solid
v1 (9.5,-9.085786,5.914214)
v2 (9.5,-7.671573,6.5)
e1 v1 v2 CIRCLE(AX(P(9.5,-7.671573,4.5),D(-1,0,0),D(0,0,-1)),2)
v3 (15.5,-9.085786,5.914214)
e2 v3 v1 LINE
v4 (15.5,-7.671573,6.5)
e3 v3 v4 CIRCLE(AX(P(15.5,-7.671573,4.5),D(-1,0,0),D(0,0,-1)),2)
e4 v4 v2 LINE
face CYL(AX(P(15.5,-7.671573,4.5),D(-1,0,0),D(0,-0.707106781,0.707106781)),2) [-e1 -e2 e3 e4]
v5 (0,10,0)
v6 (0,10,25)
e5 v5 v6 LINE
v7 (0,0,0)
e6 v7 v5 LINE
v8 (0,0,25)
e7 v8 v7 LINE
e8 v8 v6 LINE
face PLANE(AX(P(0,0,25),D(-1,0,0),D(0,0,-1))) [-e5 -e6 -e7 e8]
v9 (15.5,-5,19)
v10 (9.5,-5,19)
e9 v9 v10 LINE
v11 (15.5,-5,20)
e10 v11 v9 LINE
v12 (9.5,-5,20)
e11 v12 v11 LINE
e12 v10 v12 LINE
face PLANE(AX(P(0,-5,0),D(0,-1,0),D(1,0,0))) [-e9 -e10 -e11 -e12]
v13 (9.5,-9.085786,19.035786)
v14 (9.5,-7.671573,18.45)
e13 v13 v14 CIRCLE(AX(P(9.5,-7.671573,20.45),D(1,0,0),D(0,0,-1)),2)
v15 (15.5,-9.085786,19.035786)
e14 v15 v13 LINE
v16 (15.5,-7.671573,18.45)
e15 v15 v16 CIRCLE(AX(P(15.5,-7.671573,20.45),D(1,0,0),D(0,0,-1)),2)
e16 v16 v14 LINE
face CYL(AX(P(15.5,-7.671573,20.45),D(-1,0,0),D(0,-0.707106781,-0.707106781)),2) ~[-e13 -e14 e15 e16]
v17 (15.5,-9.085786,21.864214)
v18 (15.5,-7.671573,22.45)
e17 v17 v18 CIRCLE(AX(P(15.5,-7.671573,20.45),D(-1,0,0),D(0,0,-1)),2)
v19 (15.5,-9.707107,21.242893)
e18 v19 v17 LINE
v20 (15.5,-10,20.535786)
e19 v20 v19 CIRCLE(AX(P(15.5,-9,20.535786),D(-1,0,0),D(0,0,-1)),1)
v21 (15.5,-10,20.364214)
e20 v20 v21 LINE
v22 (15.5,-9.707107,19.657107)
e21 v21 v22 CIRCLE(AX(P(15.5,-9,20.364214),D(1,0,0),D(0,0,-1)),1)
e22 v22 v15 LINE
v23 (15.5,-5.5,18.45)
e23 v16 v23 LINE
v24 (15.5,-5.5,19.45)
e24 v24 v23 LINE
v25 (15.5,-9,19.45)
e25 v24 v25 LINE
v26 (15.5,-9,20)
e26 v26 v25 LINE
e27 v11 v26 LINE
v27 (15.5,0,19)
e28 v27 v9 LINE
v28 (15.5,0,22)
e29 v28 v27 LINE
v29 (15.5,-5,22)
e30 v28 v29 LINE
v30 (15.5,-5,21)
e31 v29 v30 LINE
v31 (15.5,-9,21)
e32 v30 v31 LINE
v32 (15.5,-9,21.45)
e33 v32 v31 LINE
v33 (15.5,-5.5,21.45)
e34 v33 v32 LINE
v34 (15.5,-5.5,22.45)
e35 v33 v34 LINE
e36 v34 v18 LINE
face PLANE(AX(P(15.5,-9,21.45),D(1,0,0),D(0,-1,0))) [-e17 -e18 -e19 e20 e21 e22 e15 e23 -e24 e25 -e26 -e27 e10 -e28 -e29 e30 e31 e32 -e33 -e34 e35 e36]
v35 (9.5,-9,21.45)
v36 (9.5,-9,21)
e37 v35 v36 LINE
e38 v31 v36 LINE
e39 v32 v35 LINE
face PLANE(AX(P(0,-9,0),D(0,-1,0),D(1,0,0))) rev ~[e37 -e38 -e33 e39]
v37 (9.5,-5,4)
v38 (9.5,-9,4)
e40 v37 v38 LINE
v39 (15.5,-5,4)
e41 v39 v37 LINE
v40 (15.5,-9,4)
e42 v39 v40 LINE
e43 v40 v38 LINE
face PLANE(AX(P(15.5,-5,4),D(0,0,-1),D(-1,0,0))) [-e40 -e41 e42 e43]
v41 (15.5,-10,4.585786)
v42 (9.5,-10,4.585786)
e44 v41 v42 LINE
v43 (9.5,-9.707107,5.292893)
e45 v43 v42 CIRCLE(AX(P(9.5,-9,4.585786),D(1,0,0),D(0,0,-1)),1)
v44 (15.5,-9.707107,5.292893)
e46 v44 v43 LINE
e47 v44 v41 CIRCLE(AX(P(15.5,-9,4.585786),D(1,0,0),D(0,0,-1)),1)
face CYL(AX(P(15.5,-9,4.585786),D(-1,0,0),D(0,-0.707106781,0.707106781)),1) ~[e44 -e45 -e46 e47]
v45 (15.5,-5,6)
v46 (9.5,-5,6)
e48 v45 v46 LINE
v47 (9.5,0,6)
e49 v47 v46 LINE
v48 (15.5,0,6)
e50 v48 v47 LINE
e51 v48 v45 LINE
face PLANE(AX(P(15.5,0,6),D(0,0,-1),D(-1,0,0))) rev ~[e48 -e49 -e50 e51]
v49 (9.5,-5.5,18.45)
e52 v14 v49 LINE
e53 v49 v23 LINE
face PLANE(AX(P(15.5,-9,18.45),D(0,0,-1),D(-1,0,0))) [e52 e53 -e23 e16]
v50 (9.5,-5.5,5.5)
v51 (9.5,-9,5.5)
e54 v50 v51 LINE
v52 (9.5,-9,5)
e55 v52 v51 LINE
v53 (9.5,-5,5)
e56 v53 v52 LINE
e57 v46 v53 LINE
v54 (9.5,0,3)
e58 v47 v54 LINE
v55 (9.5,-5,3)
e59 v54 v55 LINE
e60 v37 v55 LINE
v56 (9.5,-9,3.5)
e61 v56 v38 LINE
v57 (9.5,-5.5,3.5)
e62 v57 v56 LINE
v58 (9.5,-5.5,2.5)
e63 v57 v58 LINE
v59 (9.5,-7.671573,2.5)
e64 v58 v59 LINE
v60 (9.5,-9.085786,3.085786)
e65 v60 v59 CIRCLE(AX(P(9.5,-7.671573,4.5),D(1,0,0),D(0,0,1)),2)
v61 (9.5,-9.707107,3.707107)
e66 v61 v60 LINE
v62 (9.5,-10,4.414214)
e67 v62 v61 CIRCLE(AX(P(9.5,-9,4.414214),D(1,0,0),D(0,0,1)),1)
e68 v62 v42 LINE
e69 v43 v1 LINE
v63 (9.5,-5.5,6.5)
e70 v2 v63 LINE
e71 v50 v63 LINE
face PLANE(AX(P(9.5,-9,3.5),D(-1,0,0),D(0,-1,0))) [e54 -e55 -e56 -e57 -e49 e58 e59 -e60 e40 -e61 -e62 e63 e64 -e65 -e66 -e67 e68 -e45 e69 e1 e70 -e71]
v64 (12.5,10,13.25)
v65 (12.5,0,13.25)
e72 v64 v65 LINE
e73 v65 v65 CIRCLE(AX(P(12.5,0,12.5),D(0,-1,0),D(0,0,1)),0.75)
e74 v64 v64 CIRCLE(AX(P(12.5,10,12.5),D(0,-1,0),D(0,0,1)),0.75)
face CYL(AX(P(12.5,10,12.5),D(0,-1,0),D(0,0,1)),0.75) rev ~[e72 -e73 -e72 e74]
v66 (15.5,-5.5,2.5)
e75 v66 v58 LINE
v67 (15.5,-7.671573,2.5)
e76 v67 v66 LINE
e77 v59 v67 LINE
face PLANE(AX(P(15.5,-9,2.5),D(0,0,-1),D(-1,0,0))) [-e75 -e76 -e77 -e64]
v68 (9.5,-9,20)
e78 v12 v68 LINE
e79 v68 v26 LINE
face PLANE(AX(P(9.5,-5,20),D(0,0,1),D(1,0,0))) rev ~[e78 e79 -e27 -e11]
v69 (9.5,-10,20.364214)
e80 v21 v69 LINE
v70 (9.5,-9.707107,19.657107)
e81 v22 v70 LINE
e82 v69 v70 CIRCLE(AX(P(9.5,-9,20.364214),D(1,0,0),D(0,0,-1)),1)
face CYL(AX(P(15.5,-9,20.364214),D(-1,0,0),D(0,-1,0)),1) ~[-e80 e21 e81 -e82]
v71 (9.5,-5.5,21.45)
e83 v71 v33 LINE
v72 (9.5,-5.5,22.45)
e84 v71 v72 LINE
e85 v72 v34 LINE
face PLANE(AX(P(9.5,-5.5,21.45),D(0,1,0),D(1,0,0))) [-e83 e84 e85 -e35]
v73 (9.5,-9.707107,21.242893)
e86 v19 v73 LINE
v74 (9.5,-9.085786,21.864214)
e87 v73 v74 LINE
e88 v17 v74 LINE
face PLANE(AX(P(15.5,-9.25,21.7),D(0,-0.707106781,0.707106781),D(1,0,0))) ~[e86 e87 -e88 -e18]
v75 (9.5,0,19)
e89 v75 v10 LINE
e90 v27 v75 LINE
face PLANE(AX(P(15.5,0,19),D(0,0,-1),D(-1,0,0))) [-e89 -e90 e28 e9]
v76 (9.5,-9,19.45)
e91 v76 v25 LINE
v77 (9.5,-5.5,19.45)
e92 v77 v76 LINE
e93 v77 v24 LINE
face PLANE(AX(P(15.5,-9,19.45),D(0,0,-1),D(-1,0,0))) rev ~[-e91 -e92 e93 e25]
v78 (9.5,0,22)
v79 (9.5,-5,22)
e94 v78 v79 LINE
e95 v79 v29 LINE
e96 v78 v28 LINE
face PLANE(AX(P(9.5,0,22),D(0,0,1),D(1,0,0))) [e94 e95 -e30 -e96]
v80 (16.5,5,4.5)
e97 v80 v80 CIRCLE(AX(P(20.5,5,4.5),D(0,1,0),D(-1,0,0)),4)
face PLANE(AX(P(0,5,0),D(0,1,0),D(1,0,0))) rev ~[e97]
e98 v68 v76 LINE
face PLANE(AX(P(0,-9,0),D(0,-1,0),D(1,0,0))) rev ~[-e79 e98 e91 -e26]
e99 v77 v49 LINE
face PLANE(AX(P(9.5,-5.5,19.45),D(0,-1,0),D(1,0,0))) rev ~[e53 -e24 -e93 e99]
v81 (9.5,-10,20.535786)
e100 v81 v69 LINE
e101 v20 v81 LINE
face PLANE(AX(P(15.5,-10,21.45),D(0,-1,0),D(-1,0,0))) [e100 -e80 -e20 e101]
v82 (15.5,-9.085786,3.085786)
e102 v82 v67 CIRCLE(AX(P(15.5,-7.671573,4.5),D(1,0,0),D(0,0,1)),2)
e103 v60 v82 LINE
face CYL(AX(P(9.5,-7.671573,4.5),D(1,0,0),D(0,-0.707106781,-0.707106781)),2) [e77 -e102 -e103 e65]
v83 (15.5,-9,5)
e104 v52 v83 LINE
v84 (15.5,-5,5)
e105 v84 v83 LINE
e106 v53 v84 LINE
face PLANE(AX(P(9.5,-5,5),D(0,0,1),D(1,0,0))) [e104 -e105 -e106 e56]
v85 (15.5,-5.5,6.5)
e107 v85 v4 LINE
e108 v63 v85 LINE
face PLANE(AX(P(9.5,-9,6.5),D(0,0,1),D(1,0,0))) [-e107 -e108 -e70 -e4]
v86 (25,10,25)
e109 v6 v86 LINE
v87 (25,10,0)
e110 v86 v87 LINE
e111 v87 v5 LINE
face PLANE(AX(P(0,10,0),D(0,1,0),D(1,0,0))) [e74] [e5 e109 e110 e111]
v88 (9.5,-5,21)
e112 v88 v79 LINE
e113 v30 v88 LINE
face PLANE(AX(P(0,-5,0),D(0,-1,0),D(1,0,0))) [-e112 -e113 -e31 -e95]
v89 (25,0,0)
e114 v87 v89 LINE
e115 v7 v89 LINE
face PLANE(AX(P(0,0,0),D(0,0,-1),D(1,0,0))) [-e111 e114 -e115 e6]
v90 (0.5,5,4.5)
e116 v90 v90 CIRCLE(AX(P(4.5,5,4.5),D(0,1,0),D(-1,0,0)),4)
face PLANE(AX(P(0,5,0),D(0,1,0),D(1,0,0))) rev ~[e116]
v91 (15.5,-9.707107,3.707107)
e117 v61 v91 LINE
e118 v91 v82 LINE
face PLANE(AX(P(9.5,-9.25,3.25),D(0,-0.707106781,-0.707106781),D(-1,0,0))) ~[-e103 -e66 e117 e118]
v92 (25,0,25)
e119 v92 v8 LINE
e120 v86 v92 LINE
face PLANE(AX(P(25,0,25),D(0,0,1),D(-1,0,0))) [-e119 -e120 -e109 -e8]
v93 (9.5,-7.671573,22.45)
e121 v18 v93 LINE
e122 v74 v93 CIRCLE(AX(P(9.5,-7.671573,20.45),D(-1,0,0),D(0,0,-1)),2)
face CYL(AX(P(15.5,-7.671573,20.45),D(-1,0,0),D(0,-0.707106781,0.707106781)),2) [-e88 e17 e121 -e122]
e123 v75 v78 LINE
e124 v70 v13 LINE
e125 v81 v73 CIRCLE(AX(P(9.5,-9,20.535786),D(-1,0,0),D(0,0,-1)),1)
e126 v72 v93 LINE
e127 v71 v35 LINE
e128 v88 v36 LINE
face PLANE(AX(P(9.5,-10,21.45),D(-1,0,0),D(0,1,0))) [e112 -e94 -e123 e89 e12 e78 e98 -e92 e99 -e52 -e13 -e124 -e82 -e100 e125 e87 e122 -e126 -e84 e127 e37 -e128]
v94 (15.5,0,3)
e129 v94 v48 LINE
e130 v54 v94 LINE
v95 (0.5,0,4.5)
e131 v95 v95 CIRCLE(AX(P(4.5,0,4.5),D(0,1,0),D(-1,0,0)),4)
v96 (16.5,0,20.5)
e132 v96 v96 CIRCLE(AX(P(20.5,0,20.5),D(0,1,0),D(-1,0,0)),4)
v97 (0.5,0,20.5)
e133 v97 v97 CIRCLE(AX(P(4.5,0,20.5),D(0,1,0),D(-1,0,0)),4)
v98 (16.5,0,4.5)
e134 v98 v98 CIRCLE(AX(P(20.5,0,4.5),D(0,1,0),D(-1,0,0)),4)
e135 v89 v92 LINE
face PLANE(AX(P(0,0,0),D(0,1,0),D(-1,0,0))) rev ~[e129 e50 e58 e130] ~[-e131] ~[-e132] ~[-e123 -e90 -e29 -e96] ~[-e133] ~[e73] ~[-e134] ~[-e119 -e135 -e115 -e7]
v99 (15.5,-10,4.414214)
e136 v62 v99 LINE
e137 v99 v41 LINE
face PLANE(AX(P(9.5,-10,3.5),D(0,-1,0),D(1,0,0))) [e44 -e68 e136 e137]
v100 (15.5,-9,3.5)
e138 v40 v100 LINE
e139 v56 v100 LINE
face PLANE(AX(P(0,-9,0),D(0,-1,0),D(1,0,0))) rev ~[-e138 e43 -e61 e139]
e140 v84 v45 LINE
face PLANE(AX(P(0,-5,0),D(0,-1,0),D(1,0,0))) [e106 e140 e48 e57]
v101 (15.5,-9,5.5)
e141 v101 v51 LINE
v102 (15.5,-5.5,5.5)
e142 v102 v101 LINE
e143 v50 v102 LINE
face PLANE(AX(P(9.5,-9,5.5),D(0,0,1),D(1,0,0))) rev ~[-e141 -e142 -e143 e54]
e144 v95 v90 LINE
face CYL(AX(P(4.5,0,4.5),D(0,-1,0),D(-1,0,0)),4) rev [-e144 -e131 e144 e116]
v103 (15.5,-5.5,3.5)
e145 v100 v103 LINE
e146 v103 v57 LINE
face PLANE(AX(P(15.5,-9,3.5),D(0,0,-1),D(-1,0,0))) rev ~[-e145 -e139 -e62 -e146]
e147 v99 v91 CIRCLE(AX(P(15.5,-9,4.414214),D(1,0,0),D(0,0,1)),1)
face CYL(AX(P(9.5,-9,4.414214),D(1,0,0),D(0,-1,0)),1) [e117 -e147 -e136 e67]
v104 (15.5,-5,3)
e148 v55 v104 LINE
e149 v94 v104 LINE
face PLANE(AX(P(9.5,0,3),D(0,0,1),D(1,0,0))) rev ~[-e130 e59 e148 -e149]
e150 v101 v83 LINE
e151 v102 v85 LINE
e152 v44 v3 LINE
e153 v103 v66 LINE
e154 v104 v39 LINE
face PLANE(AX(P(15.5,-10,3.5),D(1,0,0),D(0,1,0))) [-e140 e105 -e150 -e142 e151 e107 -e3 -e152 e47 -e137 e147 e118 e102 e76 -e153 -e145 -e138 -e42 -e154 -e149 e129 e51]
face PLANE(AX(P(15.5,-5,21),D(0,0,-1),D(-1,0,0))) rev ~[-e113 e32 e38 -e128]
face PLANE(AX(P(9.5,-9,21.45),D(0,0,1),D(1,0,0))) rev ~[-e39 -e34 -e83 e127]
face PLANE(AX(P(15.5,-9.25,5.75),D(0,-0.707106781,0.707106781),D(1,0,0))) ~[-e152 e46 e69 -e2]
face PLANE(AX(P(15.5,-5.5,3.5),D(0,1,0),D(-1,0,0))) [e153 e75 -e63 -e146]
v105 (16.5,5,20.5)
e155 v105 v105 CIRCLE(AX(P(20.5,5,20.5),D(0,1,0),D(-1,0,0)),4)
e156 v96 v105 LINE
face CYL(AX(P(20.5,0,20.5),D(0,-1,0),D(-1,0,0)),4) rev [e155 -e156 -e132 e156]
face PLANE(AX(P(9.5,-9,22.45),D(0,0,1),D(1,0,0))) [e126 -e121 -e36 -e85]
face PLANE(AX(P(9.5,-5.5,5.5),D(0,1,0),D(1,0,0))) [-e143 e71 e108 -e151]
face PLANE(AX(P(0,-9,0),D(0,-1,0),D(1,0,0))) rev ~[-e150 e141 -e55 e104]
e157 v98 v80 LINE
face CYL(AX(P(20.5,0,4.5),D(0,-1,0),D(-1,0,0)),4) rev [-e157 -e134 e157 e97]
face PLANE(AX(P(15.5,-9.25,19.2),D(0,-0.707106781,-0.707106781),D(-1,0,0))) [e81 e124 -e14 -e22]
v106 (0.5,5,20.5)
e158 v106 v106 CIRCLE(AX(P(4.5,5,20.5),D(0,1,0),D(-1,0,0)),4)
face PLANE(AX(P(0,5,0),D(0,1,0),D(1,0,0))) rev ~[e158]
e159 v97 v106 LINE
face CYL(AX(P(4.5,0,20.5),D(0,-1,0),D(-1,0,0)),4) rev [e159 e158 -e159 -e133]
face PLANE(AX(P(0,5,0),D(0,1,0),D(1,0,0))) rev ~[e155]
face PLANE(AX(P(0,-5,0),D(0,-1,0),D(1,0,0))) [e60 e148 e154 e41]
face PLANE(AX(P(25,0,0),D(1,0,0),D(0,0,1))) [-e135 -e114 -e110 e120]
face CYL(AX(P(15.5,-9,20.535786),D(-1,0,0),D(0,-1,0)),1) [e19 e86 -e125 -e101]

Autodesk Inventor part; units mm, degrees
ref_plane "YZ Plane" through (0, 0, 0) normal (1, 0, 0) x (0, 1, 0)
ref_plane "XZ Plane" through (0, 0, 0) normal (0, 1, 0) x (-1, 0, 0)
ref_plane "XY Plane" through (0, 0, 0) normal (0, 0, 1) x (1, 0, 0)
sketch "Sketch1" plane through (0, 0, 0) normal (0, 1, 0) x (-1, 0, 0)
  line L0 (0, 0) -> (-25, 0)
  line L1 (-25, 0) -> (-25, 25)
  line L2 (-25, 25) -> (0, 25)
  line L3 (0, 25) -> (0, 0)
  circle A0 centre (-4.5, 4.5) radius 4
  circle A1 centre (-4.5, 20.5) radius 4
  circle A2 centre (-20.5, 20.5) radius 4
  circle A3 centre (-20.5, 4.5) radius 4
  dimension "d0" = 25
  dimension "d1" = 25
  dimension "d2" = 8
  dimension "d3" = 8
  dimension "d4" = 8
  dimension "d5" = 8
extrude "Extrusion1" add sketch "Sketch1" along normal blind 5
sketch "Sketch2" plane through (0, 5, 0) normal (0, 1, 0) x (1, 0, 0)
  line L0 (0, 0) -> (0, -25) projected
  line L1 (25, -25) -> (25, 0) projected
  line L2 (0, -25) -> (25, -25)
  line L3 (25, -25) -> (25, 0)
  line L4 (25, 0) -> (0, 0)
  line L5 (0, 0) -> (0, -25)
extrude "Extrusion2" add sketch "Sketch2" along normal blind 5
sketch "Sketch4" plane through (0, 0, 0) normal (0, -1, 0) x (1, 0, 0)
  line L0 (9.5, 3) -> (15.5, 3)
  line L1 (15.5, 3) -> (15.5, 6)
  line L2 (15.5, 6) -> (9.5, 6)
  line L3 (9.5, 6) -> (9.5, 3)
  line L4 (9.5, 22) -> (15.5, 22)
  line L5 (15.5, 22) -> (15.5, 19)
  line L6 (15.5, 19) -> (9.5, 19)
  line L7 (9.5, 19) -> (9.5, 22)
  point P0 (0, 0)
  dimension "d12" = 6
  dimension "d13" = 3
  dimension "d14" = 6
  dimension "d15" = 3
extrude "Extrusion3" add sketch "Sketch4" along normal blind 5
sketch "Sketch5" plane through (0, -5, 0) normal (0, -1, 0) x (1, 0, 0)
  line L0 (15.5, 3) -> (15.5, 6) projected
  line L1 (9.5, 6) -> (9.5, 3) projected
  line L2 (15.5, 4) -> (9.5, 4)
  line L3 (9.5, 4) -> (9.5, 5)
  line L4 (9.5, 5) -> (15.5, 5)
  line L5 (15.5, 5) -> (15.5, 4)
  line L6 (15.5, 19) -> (15.5, 22) projected
  line L7 (15.5, 21) -> (9.5, 21)
  line L8 (9.5, 21) -> (9.5, 20)
  line L9 (9.5, 20) -> (15.5, 20)
  line L10 (15.5, 20) -> (15.5, 21)
  point P0 (0, 0)
  dimension "d18" = 1
  dimension "d19" = 6
  dimension "d20" = 1
extrude "Extrusion4" add sketch "Sketch5" along normal blind 4
sketch "Sketch6" plane through (0, -9, 0) normal (0, -1, 0) x (1, 0, 0)
  line L0 (15.5, 6) -> (15.5, 3) projected
  line L1 (9.5, 3) -> (9.5, 6) projected
  line L2 (15.5, 5.5) -> (9.5, 5.5)
  line L3 (9.5, 5.5) -> (9.5, 3.5)
  line L4 (9.5, 3.5) -> (15.5, 3.5)
  line L5 (15.5, 3.5) -> (15.5, 5.5)
  line L6 (15.5, 22) -> (15.5, 19) projected
  line L7 (15.5, 21.45) -> (9.5, 21.45)
  line L8 (9.5, 21.45) -> (9.5, 19.45)
  line L9 (9.5, 19.45) -> (15.5, 19.45)
  line L10 (15.5, 19.45) -> (15.5, 21.45)
  point P0 (0, 0)
  dimension "d23" = 2
  dimension "d24" = 6
  dimension "d25" = 2
extrude "Extrusion5" add sketch "Sketch6" along normal blind 1
sketch "Sketch7" plane through (15.5, -9, 19.45) normal (0, 0, -1) x (-1, 0, 0)
  line L0 (0, 0) -> (0, -1) projected
  line L1 (6, 4) -> (6, 0) projected
  line L2 (0, -1) -> (6, -1)
  line L3 (6, -1) -> (6, 3.5)
  line L4 (6, 3.5) -> (0, 3.5)
  line L5 (0, 3.5) -> (0, -1)
  point P0 (15.5, 9)
  dimension "d28" = 4.5
extrude "Extrusion6" add sketch "Sketch7" along normal blind 1
sketch "Sketch8" plane through (9.5, -9, 21.45) normal (0, 0, 1) x (1, 0, 0)
  line L0 (6, 0) -> (6, -1) projected
  line L1 (0, 4) -> (0, 0) projected
  line L2 (6, -1) -> (0, -1)
  line L3 (0, -1) -> (0, 3.5)
  line L4 (0, 3.5) -> (6, 3.5)
  line L5 (6, 3.5) -> (6, -1)
  point P0 (-9.5, 9)
  dimension "d31" = 4.5
extrude "Extrusion7" add sketch "Sketch8" along normal blind 1
sketch "Sketch9" plane through (9.5, -9, 5.5) normal (0, 0, 1) x (1, 0, 0)
  line L0 (6, -1) -> (0, -1) projected
  line L1 (0, 4) -> (0, 0) projected
  line L2 (6, -1) -> (0, -1)
  line L3 (0, -1) -> (0, 3.5)
  line L4 (0, 3.5) -> (6, 3.5)
  line L5 (6, 3.5) -> (6, -1)
  point P0 (-9.5, 9)
  dimension "d34" = 4.5
extrude "Extrusion8" add sketch "Sketch9" along normal blind 1
sketch "Sketch10" plane through (15.5, -9, 3.5) normal (0, 0, -1) x (-1, 0, 0)
  line L0 (6, 0) -> (6, -1) projected
  line L1 (0, 3.5) -> (6, 3.5) projected
  line L2 (6, -1) -> (0, -1)
  line L3 (0, -1) -> (0, 3.5)
  line L4 (0, 3.5) -> (6, 3.5)
  line L5 (6, 3.5) -> (6, -1)
  point P0 (15.5, 9)
  dimension "d37" = 4.5
extrude "Extrusion9" add sketch "Sketch10" along normal blind 1
chamfer "Chamfer1" distance 1.5 angle 45 1 edges at (12.5, -10, 2.5)
chamfer "Chamfer2" distance 1.5 angle 45 1 edges at (12.5, -10, 6.5)
fillet "Fillet1" radius 2 2 edges at (12.5, -8.5, 2.5) (12.5, -8.5, 6.5)
fillet "Fillet2" radius 1 2 edges at (12.5, -10, 5) (12.5, -10, 4)
chamfer "Chamfer3" distance 1.5 angle 45 2 edges at (12.5, -10, 18.45) (12.5, -10, 22.45)
fillet "Fillet3" radius 1 2 edges at (12.5, -10, 20.95) (12.5, -10, 19.95)
fillet "Fillet4" radius 2 2 edges at (12.5, -8.5, 22.45) (12.5, -8.5, 18.45)
sketch "Sketch11" plane through (0, 10, 0) normal (0, 1, 0) x (1, 0, 0)
  circle A0 centre (12.5, -12.5) radius 0.75
  point P0 (0, 0)
  dimension "d53" = 1.5
hole "Hole1" at (12.5, 10, 12.5) direction (0, -1, 0) diameter 1.5 depth 10
properties part number "SiPM outer housing"
